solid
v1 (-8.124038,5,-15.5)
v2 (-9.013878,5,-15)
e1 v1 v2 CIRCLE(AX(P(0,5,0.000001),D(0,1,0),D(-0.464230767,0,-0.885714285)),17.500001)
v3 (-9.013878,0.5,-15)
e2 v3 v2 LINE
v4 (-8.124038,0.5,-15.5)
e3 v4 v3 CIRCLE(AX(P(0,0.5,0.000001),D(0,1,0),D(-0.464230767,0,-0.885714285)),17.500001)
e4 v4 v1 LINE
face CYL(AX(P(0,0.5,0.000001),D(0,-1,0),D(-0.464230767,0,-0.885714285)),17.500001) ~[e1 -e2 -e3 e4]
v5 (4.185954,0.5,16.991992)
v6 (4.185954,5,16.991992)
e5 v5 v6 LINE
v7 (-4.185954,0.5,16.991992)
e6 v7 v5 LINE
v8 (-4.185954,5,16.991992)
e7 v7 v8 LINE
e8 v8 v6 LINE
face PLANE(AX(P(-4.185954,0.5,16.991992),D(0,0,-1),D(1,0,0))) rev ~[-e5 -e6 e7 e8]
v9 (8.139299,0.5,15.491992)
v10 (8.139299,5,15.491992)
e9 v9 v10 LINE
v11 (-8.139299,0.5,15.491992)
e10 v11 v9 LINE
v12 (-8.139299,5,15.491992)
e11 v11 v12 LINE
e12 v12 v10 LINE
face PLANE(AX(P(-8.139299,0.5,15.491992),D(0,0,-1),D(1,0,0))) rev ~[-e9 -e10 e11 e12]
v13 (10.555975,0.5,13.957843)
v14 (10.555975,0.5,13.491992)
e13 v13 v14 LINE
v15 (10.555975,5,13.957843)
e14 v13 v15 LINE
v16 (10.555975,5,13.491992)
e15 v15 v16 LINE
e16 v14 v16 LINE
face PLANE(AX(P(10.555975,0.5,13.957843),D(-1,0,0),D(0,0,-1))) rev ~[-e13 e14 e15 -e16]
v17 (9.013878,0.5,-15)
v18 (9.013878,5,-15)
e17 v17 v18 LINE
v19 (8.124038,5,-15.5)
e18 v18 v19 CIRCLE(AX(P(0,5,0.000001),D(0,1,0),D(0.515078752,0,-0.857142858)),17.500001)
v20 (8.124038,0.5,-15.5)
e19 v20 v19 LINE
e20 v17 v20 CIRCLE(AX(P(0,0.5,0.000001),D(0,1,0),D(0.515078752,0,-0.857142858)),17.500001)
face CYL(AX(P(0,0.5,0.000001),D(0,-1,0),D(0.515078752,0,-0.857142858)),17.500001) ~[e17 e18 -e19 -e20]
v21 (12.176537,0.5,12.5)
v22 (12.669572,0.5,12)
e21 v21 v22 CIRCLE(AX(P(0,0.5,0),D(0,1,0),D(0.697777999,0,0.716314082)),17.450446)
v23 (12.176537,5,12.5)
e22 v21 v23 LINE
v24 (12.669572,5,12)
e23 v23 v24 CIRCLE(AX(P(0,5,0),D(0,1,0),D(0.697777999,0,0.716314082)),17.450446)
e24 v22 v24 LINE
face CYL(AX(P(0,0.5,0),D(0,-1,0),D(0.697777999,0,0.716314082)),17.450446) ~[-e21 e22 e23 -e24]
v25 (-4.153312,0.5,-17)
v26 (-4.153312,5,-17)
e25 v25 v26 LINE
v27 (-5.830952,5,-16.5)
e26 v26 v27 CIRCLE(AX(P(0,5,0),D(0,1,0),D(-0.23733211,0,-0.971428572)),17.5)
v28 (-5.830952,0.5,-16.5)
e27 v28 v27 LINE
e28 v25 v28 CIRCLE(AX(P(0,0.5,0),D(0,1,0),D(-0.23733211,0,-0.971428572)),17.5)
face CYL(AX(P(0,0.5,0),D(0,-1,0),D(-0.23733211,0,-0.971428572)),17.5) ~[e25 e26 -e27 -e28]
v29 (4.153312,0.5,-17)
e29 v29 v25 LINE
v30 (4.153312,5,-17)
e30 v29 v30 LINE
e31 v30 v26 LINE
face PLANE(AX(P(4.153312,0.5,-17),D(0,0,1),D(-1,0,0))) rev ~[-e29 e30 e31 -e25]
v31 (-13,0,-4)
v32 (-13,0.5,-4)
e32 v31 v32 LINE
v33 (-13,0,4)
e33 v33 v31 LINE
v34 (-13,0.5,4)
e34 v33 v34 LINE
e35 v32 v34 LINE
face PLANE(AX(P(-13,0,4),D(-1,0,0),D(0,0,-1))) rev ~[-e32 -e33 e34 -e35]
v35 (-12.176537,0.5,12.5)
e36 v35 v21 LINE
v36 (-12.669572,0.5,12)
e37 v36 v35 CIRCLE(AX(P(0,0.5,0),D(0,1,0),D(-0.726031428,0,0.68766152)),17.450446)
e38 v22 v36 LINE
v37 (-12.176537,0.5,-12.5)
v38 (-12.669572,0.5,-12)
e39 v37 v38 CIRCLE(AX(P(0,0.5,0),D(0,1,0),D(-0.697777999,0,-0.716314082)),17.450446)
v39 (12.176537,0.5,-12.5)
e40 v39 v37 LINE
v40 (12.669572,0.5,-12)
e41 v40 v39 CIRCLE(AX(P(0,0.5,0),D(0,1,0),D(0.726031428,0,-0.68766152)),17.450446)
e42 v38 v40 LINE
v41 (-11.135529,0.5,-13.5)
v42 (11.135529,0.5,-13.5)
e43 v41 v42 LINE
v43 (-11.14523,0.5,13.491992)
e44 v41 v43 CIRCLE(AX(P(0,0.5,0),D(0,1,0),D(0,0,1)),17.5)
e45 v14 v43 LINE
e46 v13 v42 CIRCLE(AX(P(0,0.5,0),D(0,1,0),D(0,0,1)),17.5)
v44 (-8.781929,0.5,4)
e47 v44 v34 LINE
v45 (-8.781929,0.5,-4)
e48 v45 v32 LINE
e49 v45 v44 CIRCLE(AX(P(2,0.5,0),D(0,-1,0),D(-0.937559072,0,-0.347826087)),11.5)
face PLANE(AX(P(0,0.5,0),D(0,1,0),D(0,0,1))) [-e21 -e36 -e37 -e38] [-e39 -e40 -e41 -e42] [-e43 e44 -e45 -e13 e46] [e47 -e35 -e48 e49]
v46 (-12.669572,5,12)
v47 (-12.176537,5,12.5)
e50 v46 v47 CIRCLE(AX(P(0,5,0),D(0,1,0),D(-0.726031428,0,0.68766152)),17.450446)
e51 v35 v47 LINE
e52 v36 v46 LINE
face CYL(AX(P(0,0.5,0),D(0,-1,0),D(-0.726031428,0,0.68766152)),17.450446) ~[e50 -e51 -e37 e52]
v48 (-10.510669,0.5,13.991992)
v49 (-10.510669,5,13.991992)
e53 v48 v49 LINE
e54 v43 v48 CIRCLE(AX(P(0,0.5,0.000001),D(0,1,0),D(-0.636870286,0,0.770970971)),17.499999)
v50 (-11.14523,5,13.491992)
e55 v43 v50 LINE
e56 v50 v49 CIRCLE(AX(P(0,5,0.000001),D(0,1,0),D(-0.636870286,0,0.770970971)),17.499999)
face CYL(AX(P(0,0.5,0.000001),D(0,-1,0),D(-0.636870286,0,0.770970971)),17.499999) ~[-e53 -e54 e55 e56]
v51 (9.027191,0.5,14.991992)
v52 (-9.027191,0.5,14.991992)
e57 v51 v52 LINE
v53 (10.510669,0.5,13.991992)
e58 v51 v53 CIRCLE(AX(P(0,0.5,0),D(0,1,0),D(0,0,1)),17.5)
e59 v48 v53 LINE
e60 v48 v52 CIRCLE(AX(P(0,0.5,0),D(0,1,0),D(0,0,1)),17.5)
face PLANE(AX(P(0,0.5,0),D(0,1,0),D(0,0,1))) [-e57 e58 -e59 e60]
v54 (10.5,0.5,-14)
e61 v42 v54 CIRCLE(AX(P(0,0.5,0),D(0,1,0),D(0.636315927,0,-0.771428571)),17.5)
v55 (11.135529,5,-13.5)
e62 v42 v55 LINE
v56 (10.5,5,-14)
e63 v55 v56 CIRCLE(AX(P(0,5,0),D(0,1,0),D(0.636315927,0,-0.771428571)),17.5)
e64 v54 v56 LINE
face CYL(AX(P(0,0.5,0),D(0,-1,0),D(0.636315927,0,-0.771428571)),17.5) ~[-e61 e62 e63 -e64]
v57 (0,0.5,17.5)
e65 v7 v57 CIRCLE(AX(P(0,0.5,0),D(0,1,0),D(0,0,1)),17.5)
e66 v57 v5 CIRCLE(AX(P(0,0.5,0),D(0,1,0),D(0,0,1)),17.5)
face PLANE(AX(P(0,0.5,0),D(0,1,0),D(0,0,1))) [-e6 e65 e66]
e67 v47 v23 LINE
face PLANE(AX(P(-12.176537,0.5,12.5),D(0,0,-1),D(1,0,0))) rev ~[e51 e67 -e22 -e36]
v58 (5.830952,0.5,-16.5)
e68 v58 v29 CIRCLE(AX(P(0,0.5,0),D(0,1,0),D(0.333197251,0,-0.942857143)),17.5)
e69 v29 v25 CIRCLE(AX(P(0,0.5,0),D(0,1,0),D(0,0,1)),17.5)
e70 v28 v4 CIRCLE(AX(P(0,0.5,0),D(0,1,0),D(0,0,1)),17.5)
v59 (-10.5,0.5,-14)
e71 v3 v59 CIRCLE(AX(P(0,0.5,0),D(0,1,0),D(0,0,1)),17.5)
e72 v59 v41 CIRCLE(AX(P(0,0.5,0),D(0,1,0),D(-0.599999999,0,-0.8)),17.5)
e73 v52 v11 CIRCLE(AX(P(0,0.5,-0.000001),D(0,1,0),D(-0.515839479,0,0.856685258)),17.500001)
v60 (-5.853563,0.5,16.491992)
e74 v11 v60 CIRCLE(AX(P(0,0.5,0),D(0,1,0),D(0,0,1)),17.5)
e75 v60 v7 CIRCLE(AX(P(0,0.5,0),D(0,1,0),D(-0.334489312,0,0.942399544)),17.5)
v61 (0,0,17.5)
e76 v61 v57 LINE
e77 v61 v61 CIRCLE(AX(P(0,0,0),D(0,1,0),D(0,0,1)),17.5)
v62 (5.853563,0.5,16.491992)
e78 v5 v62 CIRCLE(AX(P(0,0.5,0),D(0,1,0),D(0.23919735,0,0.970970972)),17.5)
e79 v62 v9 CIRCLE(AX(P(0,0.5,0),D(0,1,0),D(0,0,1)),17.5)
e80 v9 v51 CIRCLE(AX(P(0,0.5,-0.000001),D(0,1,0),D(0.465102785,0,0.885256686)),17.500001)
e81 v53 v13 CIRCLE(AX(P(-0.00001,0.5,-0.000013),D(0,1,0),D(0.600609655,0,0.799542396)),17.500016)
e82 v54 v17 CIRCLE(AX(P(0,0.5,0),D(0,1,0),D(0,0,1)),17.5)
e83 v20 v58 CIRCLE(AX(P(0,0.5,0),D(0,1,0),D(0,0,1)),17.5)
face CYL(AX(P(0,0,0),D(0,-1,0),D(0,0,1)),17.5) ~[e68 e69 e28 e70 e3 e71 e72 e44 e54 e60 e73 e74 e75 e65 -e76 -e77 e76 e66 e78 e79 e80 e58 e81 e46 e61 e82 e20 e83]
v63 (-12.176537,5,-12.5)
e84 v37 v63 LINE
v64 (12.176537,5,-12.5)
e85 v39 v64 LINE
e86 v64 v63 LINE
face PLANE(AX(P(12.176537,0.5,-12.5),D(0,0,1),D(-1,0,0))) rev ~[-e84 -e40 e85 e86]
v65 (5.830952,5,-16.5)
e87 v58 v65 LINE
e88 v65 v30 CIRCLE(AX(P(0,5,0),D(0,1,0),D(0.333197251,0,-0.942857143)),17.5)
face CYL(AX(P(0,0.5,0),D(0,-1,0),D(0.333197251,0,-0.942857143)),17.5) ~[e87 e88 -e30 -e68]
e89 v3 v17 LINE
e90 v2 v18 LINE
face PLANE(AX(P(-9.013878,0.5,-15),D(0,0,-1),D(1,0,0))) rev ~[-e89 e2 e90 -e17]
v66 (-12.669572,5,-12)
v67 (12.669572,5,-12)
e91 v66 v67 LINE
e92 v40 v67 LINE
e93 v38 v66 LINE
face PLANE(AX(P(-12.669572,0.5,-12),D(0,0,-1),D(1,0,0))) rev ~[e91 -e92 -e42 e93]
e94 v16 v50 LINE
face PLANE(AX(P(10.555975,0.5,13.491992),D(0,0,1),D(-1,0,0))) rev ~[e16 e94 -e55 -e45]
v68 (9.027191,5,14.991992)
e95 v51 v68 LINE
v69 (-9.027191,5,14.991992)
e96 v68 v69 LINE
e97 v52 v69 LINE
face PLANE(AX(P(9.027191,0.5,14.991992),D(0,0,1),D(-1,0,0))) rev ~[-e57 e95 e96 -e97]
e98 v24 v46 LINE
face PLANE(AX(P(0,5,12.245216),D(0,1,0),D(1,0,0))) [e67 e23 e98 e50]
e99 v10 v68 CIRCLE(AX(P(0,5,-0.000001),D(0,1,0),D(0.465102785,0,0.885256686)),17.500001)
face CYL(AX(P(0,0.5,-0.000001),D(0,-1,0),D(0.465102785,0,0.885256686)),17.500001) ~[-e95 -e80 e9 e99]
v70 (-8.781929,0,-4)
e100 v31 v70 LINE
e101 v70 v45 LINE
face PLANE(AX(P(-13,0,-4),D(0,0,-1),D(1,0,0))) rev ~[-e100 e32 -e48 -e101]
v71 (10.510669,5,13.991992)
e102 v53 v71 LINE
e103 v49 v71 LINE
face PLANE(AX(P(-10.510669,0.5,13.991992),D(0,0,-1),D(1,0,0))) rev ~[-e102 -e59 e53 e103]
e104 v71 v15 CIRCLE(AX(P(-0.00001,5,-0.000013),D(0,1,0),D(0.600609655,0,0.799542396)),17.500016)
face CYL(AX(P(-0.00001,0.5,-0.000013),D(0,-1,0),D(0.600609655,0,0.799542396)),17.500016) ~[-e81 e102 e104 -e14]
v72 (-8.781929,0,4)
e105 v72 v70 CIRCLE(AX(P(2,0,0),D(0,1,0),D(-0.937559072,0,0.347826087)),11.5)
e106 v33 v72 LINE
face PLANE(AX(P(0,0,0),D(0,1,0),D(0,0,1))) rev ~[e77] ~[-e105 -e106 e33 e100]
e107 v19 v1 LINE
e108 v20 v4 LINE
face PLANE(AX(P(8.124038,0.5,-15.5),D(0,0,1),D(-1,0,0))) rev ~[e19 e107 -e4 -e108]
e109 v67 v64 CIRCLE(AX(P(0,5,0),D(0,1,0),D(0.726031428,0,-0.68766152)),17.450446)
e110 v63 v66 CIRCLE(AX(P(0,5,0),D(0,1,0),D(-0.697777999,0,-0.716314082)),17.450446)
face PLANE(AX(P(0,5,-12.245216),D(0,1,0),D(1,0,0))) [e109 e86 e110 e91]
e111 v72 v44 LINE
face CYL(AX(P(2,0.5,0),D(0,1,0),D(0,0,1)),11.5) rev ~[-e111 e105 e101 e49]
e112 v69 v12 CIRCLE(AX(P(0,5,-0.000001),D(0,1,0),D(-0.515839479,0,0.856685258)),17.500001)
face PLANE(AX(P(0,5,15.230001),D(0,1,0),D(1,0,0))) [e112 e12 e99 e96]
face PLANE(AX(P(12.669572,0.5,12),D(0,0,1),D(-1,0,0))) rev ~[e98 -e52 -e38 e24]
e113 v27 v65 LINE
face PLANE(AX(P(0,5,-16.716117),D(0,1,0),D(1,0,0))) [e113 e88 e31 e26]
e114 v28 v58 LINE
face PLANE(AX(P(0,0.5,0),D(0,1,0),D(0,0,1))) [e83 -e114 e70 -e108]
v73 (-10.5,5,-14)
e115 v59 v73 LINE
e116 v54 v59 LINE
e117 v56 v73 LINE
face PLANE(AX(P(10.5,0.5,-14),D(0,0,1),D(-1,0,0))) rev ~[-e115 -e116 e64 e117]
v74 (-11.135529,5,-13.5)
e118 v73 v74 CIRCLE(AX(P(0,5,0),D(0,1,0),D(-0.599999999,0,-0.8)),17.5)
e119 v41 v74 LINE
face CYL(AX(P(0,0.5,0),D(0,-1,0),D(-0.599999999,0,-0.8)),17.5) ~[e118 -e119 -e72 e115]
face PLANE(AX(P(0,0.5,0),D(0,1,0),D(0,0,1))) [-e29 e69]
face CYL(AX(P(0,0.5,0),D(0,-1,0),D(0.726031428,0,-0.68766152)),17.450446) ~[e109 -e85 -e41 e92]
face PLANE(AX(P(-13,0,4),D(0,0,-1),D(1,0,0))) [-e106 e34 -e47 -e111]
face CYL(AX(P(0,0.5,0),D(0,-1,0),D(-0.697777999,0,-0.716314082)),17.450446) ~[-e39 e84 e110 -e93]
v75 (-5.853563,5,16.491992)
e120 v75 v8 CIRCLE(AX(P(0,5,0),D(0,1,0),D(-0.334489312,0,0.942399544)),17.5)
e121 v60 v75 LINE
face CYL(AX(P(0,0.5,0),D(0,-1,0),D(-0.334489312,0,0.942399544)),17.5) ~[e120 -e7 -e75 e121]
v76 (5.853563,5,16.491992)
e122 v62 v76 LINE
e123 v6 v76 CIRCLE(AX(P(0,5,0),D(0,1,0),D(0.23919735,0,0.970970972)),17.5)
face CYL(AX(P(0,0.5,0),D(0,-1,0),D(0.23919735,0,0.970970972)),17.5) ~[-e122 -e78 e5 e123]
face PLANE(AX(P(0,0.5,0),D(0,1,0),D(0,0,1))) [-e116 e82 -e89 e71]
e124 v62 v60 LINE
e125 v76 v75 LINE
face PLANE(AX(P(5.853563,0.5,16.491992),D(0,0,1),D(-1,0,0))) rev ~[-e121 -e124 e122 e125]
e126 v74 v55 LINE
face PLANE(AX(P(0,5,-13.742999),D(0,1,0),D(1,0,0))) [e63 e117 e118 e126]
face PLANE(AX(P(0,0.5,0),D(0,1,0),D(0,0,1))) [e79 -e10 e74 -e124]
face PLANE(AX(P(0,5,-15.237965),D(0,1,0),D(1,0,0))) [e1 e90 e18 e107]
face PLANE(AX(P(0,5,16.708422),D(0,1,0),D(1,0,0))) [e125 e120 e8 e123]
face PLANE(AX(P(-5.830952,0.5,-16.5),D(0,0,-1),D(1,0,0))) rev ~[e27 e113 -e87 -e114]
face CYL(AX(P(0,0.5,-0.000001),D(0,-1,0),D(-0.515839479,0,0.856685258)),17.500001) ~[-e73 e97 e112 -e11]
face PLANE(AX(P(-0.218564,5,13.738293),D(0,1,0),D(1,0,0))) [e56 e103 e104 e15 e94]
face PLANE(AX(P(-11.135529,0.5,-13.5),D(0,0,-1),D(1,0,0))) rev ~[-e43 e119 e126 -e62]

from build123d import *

# Parameters (mm, degrees)
SKETCH1_R           = 17.5
BOSS_EXTRUDE1_DEPTH = 0.5
SKETCH2_R           = 11.5
CUT_EXTRUDE1_DEPTH  = 0.5
SKETCH3_W           = 15
SKETCH3_H           = 8
CUT_EXTRUDE4_DEPTH  = 2.5
BOSS_EXTRUDE6_DEPTH = 4.5


with BuildPart() as part:
    # Sketch1 → Boss-Extrude1 (new body)
    with BuildSketch(Plane(origin=(0, 0, 0), x_dir=(1, 0, 0), z_dir=(0, 1, 0))):
        with Locations(Location((0, 0, 0), (0, 0, 270))):
            Circle(SKETCH1_R)
    extrude(amount=BOSS_EXTRUDE1_DEPTH)

    # Sketch2 → Cut-Extrude1 (cut)
    with BuildSketch(Plane(origin=(0, 0.5, 0), x_dir=(1, 0, 0), z_dir=(0, 1, 0))):
        with Locations(Location((2, 0, 0), (0, 0, 270))):
            Circle(SKETCH2_R)
    extrude(amount=-CUT_EXTRUDE1_DEPTH, mode=Mode.SUBTRACT)

    # Sketch3 → Cut-Extrude4 (cut)
    with BuildSketch(Plane(origin=(0, 0, 0), x_dir=(1, 0, 0), z_dir=(0, 1, 0))):
        with Locations((-5.5, 0)):
            Rectangle(SKETCH3_W, SKETCH3_H)
    extrude(amount=CUT_EXTRUDE4_DEPTH, mode=Mode.SUBTRACT)

    # Sketch7 → Boss-Extrude6 (add)
    with BuildSketch(Plane(origin=(0, 0.5, 0), x_dir=(1, 0, 0), z_dir=(0, 1, 0))):
        with BuildLine():
            Line((-11.135528726, 13.5), (11.135528726, 13.5))
            ThreePointArc((11.135528726, 13.5), (10.820652744, 13.753671299), (10.5, 14))
            Line((10.5, 14), (-10.5, 14))
            ThreePointArc((-10.5, 14), (-10.820652744, 13.753671299), (-11.135528726, 13.5))
        make_face()
        with BuildLine():
            Line((12.176537068, 12.5), (-12.176537068, 12.5))
            ThreePointArc((-12.176537068, 12.5), (-12.42556977, 12.252480192), (-12.669572012, 12))
            Line((-12.669572012, 12), (12.669572012, 12))
            ThreePointArc((12.669572012, 12), (12.42556977, 12.252480192), (12.176537068, 12.5))
        make_face()
        with BuildLine():
            ThreePointArc((-11.145229996, -13.491992008), (-10.830835088, -13.74565427), (-10.510668849, -13.991992008))
            Line((-10.510668849, -13.991992008), (10.510668849, -13.991992008))
            ThreePointArc((10.510668849, -13.991992008), (10.53333572, -13.974936086), (10.555974914, -13.957843444))
            Line((10.555974914, -13.957843444), (10.555974914, -13.491992008))
            Line((10.555974914, -13.491992008), (-11.145229996, -13.491992008))
        make_face()
        with BuildLine():
            Line((-9.013878189, 15), (9.013878189, 15))
            ThreePointArc((9.013878189, 15), (8.572604405, 15.256488905), (8.124038405, 15.5))
            Line((8.124038405, 15.5), (-8.124038405, 15.5))
            ThreePointArc((-8.124038405, 15.5), (-8.572604405, 15.256488905), (-9.013878189, 15))
        make_face()
        with BuildLine():
            ThreePointArc((-9.027190906, -14.991992008), (-8.586884855, -15.248455938), (-8.139298719, -15.491992008))
            Line((-8.139298719, -15.491992008), (8.139298719, -15.491992008))
            ThreePointArc((8.139298719, -15.491992008), (8.586884855, -15.248455938), (9.027190906, -14.991992008))
            Line((9.027190906, -14.991992008), (-9.027190906, -14.991992008))
        make_face()
        with BuildLine():
            Line((-5.830951895, 16.5), (5.830951895, 16.5))
            ThreePointArc((5.830951895, 16.5), (4.998387844, 16.770990399), (4.153311931, 17))
            Line((4.153311931, 17), (-4.153311931, 17))
            ThreePointArc((-4.153311931, 17), (-4.998387844, 16.770990399), (-5.830951895, 16.5))
        make_face()
        with BuildLine():
            Line((5.853562985, -16.491992008), (-5.853562985, -16.491992008))
            ThreePointArc((-5.853562985, -16.491992008), (-5.025979841, -16.762742217), (-4.185953609, -16.991992008))
            Line((-4.185953609, -16.991992008), (4.185953609, -16.991992008))
            ThreePointArc((4.185953609, -16.991992008), (5.025979841, -16.762742217), (5.853562985, -16.491992008))
        make_face()
        with BuildLine():
            Line((12.669572012, -12), (-12.669572012, -12))
            ThreePointArc((-12.669572012, -12), (-12.42556977, -12.252480192), (-12.176537068, -12.5))
            Line((-12.176537068, -12.5), (12.176537068, -12.5))
            ThreePointArc((12.176537068, -12.5), (12.42556977, -12.252480192), (12.669572012, -12))
        make_face()
    extrude(amount=BOSS_EXTRUDE6_DEPTH)


solid = part.part
